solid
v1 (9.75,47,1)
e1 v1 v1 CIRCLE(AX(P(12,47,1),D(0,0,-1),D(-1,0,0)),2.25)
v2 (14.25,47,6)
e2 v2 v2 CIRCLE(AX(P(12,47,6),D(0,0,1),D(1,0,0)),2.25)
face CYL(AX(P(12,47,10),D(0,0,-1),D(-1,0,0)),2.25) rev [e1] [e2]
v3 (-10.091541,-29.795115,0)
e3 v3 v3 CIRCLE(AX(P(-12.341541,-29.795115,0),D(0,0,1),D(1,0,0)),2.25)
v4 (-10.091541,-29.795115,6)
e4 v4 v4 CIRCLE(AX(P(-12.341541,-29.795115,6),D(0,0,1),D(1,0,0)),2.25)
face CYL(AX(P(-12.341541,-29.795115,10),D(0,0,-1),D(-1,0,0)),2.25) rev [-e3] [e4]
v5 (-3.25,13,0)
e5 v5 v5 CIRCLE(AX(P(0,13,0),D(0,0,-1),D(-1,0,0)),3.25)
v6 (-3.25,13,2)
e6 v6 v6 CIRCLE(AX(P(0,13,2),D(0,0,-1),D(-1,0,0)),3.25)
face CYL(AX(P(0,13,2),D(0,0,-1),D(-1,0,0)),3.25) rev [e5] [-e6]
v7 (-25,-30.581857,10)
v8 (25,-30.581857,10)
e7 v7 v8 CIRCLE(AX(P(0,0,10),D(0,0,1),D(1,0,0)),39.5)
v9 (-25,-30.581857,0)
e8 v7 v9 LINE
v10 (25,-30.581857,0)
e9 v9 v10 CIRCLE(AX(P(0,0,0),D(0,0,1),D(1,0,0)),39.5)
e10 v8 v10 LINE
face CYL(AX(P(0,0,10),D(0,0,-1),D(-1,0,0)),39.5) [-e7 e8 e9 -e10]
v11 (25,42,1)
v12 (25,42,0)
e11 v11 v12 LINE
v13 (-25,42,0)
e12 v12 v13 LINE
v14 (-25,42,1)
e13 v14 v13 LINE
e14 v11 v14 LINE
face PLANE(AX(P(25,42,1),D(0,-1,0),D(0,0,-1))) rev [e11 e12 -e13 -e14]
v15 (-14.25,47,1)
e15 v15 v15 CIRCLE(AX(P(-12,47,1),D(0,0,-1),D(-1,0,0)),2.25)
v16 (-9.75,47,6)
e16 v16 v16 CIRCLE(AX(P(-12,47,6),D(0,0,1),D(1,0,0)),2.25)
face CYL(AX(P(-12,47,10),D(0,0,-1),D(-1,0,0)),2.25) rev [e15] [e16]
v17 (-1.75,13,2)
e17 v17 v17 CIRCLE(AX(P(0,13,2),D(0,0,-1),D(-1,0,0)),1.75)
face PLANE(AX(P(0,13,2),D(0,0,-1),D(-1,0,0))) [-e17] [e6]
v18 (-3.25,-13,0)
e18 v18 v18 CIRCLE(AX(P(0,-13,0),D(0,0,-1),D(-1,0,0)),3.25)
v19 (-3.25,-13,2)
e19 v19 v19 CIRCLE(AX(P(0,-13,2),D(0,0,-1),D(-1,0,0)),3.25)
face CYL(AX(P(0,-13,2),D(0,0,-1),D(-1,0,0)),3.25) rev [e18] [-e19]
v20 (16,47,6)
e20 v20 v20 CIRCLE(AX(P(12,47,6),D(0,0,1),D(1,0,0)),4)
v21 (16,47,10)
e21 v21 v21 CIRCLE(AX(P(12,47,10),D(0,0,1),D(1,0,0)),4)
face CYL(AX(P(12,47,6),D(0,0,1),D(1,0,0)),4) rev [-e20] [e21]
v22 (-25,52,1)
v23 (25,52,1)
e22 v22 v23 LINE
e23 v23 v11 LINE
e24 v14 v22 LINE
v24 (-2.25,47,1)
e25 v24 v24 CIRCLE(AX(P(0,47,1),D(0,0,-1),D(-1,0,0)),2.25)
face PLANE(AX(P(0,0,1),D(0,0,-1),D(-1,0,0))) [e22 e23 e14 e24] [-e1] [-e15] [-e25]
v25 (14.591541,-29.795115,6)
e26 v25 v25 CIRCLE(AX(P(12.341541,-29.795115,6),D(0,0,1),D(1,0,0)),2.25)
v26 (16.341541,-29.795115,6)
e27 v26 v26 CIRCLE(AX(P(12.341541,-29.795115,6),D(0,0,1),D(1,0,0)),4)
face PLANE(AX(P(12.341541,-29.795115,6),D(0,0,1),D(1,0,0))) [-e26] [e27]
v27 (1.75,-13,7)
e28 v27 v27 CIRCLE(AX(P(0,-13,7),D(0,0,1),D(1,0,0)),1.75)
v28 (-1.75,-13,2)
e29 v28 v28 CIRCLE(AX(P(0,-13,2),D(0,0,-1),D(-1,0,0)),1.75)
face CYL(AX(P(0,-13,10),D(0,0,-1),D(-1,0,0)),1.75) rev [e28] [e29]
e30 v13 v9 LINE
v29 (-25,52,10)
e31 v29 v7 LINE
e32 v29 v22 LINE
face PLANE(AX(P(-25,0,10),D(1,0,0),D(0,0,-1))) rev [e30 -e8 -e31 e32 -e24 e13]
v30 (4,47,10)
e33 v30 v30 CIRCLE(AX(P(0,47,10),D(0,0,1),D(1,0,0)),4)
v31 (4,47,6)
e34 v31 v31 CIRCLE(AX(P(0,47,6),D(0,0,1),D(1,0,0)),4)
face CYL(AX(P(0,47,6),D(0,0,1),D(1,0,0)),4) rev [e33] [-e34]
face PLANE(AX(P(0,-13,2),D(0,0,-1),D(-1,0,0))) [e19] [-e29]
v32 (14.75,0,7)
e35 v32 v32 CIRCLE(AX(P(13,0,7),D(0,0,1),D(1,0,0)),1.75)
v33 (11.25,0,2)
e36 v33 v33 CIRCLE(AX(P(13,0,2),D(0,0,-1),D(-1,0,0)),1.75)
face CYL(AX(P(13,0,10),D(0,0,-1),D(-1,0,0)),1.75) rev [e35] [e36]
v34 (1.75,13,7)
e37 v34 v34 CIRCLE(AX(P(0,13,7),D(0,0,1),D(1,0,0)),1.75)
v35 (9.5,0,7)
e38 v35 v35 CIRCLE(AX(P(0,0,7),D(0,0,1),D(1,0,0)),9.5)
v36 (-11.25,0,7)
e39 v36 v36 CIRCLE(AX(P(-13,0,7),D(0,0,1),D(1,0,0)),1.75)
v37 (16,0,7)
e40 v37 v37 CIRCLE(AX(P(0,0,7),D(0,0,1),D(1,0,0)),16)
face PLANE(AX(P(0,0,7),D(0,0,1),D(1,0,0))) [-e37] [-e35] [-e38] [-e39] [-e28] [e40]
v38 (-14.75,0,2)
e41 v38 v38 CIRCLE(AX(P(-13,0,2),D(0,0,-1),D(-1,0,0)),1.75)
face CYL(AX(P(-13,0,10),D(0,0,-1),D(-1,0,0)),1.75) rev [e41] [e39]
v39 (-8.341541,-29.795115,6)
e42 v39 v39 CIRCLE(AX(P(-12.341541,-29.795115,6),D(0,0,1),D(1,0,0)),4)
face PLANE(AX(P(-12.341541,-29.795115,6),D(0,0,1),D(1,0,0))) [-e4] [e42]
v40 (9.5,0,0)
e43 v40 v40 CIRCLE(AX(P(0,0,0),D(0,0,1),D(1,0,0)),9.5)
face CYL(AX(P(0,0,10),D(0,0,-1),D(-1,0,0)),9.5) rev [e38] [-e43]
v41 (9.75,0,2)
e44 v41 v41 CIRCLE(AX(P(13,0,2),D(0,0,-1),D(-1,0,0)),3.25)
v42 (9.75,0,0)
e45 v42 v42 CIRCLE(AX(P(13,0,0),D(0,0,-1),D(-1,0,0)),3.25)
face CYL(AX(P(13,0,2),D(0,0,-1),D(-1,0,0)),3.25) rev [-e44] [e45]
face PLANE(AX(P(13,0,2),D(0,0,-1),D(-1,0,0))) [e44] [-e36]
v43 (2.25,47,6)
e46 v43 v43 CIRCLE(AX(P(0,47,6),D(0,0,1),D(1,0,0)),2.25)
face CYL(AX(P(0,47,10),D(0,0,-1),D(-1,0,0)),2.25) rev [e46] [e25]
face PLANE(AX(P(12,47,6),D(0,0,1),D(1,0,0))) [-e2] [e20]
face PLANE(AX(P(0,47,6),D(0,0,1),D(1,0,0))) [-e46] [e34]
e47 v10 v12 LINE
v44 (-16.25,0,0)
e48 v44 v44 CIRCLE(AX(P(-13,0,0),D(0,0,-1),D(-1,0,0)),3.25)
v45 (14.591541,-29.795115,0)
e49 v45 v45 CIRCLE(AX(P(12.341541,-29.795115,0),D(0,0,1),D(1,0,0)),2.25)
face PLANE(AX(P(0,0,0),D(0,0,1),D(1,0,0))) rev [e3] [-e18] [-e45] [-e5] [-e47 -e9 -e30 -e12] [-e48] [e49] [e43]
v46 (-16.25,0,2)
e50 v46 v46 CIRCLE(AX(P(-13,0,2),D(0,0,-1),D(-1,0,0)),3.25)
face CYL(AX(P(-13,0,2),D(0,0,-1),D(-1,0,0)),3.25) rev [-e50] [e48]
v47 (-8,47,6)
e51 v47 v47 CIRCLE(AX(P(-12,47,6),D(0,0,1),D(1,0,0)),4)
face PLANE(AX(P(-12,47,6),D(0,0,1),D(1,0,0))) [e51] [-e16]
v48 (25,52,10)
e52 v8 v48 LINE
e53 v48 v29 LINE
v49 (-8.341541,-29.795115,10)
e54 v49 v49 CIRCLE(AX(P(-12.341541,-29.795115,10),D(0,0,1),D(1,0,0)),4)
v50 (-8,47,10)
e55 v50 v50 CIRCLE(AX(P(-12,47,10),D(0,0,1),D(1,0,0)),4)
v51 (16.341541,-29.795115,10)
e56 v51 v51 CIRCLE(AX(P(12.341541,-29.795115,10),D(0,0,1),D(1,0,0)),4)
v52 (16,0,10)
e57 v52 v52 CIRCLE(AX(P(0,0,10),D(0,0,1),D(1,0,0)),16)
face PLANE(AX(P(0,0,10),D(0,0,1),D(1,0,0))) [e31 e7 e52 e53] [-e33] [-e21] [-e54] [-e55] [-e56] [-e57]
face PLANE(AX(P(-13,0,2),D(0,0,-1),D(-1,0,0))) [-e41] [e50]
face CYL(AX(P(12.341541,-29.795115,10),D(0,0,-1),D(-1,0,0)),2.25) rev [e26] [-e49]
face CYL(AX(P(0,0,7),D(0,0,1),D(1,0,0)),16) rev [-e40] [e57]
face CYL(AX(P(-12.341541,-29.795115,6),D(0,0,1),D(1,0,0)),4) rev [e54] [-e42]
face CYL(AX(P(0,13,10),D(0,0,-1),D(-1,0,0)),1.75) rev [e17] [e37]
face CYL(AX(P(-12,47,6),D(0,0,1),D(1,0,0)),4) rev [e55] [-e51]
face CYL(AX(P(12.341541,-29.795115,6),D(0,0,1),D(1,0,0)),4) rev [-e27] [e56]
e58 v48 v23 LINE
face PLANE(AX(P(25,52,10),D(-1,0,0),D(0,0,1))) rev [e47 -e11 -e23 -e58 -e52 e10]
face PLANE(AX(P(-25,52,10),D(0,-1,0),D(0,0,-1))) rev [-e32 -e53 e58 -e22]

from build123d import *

# Parameters (mm, degrees)
SKETCH_1_R          = 2.25
SKETCH_1_R_2        = 9.5
SKETCH_1_R_3        = 1.75
EXTRUDE_1_DEPTH     = 10
SKETCH_3_R          = 16
CUT_EXTRUDE_1_DEPTH = 3
SKETCH_4_R          = 4
CUT_EXTRUDE_2_DEPTH = 4
SKETCH_5_W          = 50
SKETCH_5_H          = 10
CUT_EXTRUDE_3_DEPTH = 1
SKETCH_6_R          = 3.25
CUT_EXTRUDE_4_DEPTH = 2


with BuildPart() as part:
    # 스케치1 → 보스-돌출1 (new body)
    with BuildSketch(Plane.XY):
        with BuildLine():
            Line((-25, 0), (-25, 52))
            Line((-25, 52), (25, 52))
            Line((25, 52), (25, -30.581857367))
            ThreePointArc((25, -30.581857367), (0, -39.5), (-25, -30.581857367))
            Line((-25, -30.581857367), (-25, 0))
        make_face()
        with Locations((-12.341540694, -29.795114923)):
            Circle(SKETCH_1_R, mode=Mode.SUBTRACT)
        with Locations((12.341540694, -29.795114923)):
            Circle(SKETCH_1_R, mode=Mode.SUBTRACT)
        with Locations((0, 47)):
            Circle(SKETCH_1_R, mode=Mode.SUBTRACT)
        with Locations((12, 47)):
            Circle(SKETCH_1_R, mode=Mode.SUBTRACT)
        with Locations((-12, 47)):
            Circle(SKETCH_1_R, mode=Mode.SUBTRACT)
        Circle(SKETCH_1_R_2, mode=Mode.SUBTRACT)
        with Locations((-13, 0)):
            Circle(SKETCH_1_R_3, mode=Mode.SUBTRACT)
        with Locations((0, 13)):
            Circle(SKETCH_1_R_3, mode=Mode.SUBTRACT)
        with Locations((13, 0)):
            Circle(SKETCH_1_R_3, mode=Mode.SUBTRACT)
        with Locations((0, -13)):
            Circle(SKETCH_1_R_3, mode=Mode.SUBTRACT)
    extrude(amount=EXTRUDE_1_DEPTH)

    # 스케치3 → 컷-돌출1 (cut)
    with BuildSketch(Plane.XY.offset(10)):
        Circle(SKETCH_3_R)
    extrude(amount=-CUT_EXTRUDE_1_DEPTH, mode=Mode.SUBTRACT)

    # 스케치4 → 컷-돌출2 (cut)
    with BuildSketch(Plane.XY.offset(10)):
        with Locations((-12, 47)):
            Circle(SKETCH_4_R)
        with Locations((0, 47)):
            Circle(SKETCH_4_R)
        with Locations((12, 47)):
            Circle(SKETCH_4_R)
        with Locations((12.341540694, -29.795114923)):
            Circle(SKETCH_4_R)
        with Locations((-12.341540694, -29.795114923)):
            Circle(SKETCH_4_R)
    extrude(amount=-CUT_EXTRUDE_2_DEPTH, mode=Mode.SUBTRACT)

    # 스케치5 → 컷-돌출3 (cut)
    with BuildSketch(Plane(origin=(0, 0, 0), x_dir=(-1, 0, 0), z_dir=(0, 0, -1))):
        with Locations((0, 47)):
            Rectangle(SKETCH_5_W, SKETCH_5_H)
    extrude(amount=-CUT_EXTRUDE_3_DEPTH, mode=Mode.SUBTRACT)

    # 스케치6 → 컷-돌출4 (cut)
    with BuildSketch(Plane(origin=(0, 0, 0), x_dir=(-1, 0, 0), z_dir=(0, 0, -1))):
        with Locations((0, 13)):
            Circle(SKETCH_6_R)
        with Locations((13, 0)):
            Circle(SKETCH_6_R)
        with Locations((0, -13)):
            Circle(SKETCH_6_R)
        with Locations((-13, 0)):
            Circle(SKETCH_6_R)
    extrude(amount=-CUT_EXTRUDE_4_DEPTH, mode=Mode.SUBTRACT)


solid = part.part
